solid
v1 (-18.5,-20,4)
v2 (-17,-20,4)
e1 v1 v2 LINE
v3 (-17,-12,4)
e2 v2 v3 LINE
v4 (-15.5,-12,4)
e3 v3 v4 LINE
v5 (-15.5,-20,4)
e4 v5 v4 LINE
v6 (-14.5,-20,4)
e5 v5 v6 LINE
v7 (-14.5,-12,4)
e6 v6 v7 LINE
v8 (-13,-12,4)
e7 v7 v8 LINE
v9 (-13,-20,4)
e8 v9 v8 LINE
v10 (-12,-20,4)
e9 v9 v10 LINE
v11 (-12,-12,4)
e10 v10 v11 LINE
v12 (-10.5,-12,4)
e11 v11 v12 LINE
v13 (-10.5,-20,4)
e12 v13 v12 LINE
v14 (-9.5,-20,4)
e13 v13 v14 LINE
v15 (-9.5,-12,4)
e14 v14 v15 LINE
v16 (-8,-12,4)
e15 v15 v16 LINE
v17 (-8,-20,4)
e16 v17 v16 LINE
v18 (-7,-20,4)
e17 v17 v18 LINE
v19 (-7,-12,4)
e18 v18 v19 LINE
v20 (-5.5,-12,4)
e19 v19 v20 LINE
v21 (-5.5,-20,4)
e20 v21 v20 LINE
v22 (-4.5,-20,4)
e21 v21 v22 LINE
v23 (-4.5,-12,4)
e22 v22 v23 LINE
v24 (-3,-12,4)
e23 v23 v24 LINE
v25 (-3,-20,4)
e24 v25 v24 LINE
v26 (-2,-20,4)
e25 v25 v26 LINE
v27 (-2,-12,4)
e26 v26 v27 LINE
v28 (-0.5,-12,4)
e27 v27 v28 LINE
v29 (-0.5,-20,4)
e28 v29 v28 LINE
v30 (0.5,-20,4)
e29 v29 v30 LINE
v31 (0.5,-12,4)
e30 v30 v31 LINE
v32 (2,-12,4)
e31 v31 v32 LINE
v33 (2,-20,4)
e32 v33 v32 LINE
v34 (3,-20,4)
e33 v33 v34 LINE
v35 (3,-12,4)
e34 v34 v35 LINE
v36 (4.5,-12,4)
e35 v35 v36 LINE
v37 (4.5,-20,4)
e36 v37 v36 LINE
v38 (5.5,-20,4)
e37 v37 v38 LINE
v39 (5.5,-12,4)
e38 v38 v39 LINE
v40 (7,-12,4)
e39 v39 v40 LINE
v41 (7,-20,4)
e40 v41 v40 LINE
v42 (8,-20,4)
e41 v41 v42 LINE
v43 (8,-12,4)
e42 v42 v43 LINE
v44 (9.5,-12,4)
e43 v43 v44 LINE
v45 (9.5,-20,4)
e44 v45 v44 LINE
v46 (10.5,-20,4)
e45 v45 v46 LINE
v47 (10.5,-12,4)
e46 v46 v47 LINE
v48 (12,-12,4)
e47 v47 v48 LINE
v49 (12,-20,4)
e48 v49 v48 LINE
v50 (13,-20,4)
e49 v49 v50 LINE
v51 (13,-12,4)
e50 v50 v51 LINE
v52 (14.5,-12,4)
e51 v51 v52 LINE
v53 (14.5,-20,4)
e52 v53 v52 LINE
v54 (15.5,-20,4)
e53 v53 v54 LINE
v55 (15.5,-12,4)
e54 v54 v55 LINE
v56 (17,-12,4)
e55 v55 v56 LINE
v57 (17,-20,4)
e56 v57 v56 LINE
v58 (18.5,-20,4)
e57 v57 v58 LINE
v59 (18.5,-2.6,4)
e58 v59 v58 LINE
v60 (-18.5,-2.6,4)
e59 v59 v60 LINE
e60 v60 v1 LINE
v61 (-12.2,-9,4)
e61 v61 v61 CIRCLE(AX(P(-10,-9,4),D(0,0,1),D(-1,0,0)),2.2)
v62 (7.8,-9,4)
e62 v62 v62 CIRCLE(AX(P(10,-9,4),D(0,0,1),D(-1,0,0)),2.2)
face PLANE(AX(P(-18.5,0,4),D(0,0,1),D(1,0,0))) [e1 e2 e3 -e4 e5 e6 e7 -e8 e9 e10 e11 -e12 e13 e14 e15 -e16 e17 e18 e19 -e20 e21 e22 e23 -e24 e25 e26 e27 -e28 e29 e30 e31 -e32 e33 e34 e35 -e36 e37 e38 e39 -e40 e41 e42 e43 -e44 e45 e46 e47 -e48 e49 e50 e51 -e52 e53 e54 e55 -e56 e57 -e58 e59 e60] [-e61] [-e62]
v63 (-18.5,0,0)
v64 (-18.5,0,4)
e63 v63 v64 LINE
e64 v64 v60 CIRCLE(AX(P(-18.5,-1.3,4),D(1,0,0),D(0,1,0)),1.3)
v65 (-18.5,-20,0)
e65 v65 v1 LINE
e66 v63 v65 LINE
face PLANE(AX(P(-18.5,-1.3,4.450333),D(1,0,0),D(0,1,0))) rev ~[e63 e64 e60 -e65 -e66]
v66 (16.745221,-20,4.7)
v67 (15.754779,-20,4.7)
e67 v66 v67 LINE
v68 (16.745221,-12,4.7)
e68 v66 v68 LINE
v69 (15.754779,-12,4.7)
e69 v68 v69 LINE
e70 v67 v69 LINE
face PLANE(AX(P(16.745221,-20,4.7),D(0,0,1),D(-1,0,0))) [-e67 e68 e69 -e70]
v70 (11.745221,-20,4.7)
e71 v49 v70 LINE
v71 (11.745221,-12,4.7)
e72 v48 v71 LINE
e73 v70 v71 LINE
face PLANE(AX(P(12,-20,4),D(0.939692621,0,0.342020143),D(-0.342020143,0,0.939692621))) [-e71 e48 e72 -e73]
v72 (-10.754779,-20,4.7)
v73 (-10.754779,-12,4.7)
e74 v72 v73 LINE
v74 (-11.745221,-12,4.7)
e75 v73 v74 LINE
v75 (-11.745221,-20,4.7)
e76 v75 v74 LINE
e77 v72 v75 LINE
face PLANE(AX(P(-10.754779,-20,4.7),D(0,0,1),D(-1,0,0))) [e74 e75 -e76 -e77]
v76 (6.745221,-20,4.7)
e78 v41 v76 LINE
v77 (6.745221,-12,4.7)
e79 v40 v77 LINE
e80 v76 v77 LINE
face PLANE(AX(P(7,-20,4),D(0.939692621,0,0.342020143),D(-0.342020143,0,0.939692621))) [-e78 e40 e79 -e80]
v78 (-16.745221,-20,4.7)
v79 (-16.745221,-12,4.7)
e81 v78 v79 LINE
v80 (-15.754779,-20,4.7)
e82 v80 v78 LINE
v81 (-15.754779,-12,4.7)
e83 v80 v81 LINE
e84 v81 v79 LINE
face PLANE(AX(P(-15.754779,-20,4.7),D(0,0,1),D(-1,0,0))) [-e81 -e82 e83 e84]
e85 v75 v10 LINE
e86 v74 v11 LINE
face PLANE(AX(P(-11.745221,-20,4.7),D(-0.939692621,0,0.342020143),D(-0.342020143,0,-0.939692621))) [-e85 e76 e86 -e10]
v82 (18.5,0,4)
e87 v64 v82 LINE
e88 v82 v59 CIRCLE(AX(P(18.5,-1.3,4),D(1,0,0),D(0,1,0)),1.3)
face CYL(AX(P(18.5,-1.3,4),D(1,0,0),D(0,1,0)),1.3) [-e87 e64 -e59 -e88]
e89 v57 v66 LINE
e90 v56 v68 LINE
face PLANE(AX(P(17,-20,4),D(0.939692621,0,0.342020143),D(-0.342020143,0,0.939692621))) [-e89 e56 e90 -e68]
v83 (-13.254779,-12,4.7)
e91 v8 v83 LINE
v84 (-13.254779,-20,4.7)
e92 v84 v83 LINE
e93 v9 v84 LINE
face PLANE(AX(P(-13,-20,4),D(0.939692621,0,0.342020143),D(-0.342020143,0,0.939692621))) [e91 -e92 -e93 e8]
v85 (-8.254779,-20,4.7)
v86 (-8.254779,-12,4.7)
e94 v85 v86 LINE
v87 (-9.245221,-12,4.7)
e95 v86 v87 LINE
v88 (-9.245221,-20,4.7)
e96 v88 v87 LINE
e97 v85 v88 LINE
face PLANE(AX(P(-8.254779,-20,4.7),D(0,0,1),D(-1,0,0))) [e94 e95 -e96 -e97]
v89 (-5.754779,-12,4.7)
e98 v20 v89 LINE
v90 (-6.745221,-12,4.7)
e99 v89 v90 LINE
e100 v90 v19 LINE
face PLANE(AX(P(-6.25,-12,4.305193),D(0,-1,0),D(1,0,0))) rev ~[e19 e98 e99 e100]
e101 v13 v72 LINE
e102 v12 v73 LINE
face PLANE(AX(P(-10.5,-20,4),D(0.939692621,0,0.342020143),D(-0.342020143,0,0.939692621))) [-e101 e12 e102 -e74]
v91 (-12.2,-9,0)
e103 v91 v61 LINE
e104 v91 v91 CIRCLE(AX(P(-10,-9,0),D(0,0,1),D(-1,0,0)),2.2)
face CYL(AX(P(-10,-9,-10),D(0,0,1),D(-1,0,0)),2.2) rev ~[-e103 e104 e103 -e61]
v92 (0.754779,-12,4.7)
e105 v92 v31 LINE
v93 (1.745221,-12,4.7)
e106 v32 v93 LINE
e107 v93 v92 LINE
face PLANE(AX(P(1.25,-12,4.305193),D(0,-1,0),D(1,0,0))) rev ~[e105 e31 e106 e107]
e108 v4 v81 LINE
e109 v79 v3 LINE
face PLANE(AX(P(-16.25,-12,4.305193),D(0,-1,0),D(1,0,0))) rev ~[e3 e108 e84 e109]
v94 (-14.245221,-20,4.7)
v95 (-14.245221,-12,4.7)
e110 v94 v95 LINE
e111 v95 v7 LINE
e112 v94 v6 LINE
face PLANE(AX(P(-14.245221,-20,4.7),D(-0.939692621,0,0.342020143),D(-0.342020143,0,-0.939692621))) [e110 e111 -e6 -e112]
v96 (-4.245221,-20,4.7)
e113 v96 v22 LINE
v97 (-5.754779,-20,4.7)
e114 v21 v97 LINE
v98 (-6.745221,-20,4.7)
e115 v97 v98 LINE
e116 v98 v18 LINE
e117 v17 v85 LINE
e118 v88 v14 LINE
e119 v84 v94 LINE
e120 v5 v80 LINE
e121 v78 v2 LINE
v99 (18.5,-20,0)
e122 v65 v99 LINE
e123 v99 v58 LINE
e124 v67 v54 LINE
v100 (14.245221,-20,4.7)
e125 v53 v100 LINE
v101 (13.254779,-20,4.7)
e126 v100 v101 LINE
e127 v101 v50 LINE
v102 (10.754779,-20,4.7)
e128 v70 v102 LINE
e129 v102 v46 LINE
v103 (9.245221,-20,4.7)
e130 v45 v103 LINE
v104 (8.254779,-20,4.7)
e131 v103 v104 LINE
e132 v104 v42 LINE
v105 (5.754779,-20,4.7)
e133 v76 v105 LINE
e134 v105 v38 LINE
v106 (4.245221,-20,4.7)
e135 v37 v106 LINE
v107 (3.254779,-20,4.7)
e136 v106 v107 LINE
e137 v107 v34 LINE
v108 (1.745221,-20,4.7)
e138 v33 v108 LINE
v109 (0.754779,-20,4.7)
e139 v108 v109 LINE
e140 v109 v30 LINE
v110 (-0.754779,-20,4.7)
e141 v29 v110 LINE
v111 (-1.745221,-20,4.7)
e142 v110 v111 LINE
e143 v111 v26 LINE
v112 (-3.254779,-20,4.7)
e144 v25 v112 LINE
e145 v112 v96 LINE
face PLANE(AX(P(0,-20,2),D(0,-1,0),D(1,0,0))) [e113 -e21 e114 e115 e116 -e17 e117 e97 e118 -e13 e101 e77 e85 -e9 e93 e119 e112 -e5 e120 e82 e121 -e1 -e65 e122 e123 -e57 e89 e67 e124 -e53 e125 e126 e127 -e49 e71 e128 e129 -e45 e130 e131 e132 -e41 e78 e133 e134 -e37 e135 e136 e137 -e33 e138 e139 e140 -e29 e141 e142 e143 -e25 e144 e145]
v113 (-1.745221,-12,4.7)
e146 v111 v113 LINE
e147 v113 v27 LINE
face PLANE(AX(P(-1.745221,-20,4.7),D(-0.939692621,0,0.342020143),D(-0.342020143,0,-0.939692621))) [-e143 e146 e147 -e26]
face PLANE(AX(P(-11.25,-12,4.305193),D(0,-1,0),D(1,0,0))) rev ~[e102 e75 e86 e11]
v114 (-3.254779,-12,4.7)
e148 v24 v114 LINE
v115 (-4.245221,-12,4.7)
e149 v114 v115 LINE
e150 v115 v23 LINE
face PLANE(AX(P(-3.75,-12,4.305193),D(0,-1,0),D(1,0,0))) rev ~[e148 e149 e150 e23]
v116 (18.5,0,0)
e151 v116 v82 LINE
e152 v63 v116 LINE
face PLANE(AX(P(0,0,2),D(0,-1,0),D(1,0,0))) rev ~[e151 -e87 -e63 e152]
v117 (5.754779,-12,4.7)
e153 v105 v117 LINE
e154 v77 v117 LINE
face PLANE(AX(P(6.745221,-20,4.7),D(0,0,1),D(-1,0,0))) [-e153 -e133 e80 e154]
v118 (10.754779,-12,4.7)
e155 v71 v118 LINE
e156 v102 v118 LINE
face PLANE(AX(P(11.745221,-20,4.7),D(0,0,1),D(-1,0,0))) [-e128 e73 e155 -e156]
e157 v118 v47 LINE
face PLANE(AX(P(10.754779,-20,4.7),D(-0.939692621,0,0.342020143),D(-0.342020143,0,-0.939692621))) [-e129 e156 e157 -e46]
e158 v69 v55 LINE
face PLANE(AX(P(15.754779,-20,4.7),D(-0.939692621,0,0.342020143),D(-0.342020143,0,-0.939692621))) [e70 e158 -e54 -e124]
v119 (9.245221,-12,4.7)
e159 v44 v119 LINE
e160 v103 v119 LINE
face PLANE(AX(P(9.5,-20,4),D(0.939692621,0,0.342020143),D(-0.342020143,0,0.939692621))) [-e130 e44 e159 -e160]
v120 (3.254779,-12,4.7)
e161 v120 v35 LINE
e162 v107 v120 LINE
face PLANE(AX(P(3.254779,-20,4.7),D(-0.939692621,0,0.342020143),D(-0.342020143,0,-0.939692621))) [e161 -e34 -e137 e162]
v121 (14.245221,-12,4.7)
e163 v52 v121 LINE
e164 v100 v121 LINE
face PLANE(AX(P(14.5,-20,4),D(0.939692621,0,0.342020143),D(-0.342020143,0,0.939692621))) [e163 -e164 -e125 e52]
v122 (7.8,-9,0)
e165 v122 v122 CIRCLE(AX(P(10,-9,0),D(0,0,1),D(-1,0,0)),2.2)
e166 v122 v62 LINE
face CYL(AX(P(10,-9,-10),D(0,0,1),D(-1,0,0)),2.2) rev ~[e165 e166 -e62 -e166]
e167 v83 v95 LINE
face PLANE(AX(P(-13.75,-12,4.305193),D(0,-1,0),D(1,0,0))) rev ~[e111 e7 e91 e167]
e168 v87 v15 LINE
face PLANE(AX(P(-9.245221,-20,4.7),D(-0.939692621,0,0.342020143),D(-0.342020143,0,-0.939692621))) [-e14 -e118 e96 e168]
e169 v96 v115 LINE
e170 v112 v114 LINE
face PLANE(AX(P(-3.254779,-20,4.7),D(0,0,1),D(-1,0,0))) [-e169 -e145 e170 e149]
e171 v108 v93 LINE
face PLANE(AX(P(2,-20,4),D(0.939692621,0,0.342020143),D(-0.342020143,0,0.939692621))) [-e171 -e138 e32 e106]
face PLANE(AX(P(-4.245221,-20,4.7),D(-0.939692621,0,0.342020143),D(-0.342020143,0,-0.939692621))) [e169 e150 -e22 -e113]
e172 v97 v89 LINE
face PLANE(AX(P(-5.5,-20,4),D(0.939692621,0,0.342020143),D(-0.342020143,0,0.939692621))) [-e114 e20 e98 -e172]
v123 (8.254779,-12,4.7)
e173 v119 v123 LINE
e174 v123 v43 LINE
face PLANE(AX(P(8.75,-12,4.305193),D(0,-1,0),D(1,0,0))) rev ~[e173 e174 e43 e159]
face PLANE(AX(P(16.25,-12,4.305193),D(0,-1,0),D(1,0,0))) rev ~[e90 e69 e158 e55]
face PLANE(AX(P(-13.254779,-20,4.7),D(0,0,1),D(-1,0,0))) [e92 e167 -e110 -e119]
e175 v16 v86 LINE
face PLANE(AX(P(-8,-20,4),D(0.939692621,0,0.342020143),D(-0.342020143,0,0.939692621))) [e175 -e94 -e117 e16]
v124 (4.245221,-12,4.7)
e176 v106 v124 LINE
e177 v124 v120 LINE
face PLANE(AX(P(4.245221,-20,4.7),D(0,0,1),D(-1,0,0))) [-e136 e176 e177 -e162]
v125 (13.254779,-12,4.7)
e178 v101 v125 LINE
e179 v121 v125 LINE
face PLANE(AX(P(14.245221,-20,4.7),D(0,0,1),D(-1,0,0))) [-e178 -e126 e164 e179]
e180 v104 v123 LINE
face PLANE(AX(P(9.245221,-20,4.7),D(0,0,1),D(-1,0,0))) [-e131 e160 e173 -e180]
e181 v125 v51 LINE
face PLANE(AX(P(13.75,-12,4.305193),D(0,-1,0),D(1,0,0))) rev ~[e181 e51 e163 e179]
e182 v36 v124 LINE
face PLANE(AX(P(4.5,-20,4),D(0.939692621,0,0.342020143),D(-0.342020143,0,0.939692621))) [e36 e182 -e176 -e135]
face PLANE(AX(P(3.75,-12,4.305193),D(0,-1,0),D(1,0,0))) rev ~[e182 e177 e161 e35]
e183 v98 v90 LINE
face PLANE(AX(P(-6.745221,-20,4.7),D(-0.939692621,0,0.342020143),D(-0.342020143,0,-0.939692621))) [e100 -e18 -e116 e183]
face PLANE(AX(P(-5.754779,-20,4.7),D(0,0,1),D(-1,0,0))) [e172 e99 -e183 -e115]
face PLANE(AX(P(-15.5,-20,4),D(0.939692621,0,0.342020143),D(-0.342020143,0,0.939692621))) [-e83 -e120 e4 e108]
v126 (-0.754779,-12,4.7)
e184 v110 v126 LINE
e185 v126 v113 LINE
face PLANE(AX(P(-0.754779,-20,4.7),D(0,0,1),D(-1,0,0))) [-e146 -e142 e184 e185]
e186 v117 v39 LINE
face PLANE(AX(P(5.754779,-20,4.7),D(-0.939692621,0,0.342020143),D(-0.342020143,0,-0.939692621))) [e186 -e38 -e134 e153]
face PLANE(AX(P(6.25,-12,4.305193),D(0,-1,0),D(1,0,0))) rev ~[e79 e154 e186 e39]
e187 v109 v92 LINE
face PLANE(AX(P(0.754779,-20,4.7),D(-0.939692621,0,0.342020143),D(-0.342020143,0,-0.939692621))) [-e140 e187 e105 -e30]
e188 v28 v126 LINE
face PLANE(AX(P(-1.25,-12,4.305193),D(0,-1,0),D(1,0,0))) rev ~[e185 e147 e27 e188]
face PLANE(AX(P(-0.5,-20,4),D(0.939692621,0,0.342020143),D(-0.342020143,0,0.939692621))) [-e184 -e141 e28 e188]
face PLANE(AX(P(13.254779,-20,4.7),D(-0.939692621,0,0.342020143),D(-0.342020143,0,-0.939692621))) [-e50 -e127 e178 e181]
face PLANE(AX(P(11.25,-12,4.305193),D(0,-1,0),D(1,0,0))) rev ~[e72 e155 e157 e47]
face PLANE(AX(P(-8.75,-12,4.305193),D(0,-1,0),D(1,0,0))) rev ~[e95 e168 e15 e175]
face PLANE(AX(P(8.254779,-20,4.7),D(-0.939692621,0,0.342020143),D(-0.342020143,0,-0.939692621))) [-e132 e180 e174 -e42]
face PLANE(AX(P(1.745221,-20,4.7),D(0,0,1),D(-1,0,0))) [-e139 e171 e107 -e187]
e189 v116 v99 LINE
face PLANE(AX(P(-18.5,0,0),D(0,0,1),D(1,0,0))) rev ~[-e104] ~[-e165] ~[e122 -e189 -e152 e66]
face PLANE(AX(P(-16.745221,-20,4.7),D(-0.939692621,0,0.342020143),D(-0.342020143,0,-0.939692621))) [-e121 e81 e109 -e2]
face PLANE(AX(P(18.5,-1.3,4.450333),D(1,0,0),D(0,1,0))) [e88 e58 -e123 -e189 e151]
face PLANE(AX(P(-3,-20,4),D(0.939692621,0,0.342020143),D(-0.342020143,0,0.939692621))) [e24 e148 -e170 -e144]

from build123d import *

# Parameters (mm, degrees)
F0_W     = 37
F0_H     = 4
F1_DEPTH = 20
F3_DEPTH = 8
F5_DEPTH = 37
F7_D     = 4.4
F7_DEPTH = 10
F7_TIP   = 1.3218933619


with BuildPart() as f1:
    # F0 (on Front) → F1 (new body)
    with BuildSketch(Plane.XZ):
        with Locations((0, 2)):
            Rectangle(F0_W, F0_H)
    extrude(amount=F1_DEPTH)

    # F2 (on face) → F3 (join)
    with BuildSketch(Plane.XZ.offset(20)):
        Polygon((0.754779164, 4.7), (0.5, 4), (2, 4), (1.745220836, 4.7), align=None)
        Polygon((-2, 4), (-0.5, 4), (-0.754779164, 4.7), (-1.745220836, 4.7), align=None)
        Polygon((4.5, 4), (4.245220836, 4.7), (3.254779164, 4.7), (3, 4), align=None)
        Polygon((7, 4), (6.745220836, 4.7), (5.754779164, 4.7), (5.5, 4), align=None)
        Polygon((9.5, 4), (9.245220836, 4.7), (8.254779164, 4.7), (8, 4), align=None)
        Polygon((12, 4), (11.745220836, 4.7), (10.754779164, 4.7), (10.5, 4), align=None)
        Polygon((14.5, 4), (14.245220836, 4.7), (13.254779164, 4.7), (13, 4), align=None)
        Polygon((17, 4), (16.745220836, 4.7), (15.754779164, 4.7), (15.5, 4), align=None)
        Polygon((-9.5, 4), (-8, 4), (-8.254779164, 4.7), (-9.245220836, 4.7), align=None)
        Polygon((-17, 4), (-15.5, 4), (-15.754779164, 4.7), (-16.745220836, 4.7), align=None)
        Polygon((-5.754779164, 4.7), (-6.745220836, 4.7), (-7, 4), (-5.5, 4), align=None)
        Polygon((-4.5, 4), (-3, 4), (-3.254779164, 4.7), (-4.245220836, 4.7), align=None)
        Polygon((-14.5, 4), (-13, 4), (-13.254779164, 4.7), (-14.245220836, 4.7), align=None)
        Polygon((-10.754779164, 4.7), (-11.745220836, 4.7), (-12, 4), (-10.5, 4), align=None)
    extrude(amount=-F3_DEPTH)

    # F4 (on face) → F5 (join, through all)
    with BuildSketch(Plane.YZ.offset(18.5)):
        with BuildLine():
            Line((-2.6, 4), (0, 4))
            ThreePointArc((0, 4), (-1.3, 5.3), (-2.6, 4))
        make_face()
    extrude(amount=-F5_DEPTH)

    # F7
    with Locations(Plane(origin=(0, 0, 0), x_dir=(1, 0, 0), z_dir=(0, 0, -1))):
        with Locations((10, 9), (-10, 9)):
            Hole(F7_D / 2, depth=F7_DEPTH)
            with Locations((0, 0, -(F7_DEPTH + F7_TIP / 2))):  # 118° drill point
                Cone(0, F7_D / 2, F7_TIP, mode=Mode.SUBTRACT)


solid = f1.part
